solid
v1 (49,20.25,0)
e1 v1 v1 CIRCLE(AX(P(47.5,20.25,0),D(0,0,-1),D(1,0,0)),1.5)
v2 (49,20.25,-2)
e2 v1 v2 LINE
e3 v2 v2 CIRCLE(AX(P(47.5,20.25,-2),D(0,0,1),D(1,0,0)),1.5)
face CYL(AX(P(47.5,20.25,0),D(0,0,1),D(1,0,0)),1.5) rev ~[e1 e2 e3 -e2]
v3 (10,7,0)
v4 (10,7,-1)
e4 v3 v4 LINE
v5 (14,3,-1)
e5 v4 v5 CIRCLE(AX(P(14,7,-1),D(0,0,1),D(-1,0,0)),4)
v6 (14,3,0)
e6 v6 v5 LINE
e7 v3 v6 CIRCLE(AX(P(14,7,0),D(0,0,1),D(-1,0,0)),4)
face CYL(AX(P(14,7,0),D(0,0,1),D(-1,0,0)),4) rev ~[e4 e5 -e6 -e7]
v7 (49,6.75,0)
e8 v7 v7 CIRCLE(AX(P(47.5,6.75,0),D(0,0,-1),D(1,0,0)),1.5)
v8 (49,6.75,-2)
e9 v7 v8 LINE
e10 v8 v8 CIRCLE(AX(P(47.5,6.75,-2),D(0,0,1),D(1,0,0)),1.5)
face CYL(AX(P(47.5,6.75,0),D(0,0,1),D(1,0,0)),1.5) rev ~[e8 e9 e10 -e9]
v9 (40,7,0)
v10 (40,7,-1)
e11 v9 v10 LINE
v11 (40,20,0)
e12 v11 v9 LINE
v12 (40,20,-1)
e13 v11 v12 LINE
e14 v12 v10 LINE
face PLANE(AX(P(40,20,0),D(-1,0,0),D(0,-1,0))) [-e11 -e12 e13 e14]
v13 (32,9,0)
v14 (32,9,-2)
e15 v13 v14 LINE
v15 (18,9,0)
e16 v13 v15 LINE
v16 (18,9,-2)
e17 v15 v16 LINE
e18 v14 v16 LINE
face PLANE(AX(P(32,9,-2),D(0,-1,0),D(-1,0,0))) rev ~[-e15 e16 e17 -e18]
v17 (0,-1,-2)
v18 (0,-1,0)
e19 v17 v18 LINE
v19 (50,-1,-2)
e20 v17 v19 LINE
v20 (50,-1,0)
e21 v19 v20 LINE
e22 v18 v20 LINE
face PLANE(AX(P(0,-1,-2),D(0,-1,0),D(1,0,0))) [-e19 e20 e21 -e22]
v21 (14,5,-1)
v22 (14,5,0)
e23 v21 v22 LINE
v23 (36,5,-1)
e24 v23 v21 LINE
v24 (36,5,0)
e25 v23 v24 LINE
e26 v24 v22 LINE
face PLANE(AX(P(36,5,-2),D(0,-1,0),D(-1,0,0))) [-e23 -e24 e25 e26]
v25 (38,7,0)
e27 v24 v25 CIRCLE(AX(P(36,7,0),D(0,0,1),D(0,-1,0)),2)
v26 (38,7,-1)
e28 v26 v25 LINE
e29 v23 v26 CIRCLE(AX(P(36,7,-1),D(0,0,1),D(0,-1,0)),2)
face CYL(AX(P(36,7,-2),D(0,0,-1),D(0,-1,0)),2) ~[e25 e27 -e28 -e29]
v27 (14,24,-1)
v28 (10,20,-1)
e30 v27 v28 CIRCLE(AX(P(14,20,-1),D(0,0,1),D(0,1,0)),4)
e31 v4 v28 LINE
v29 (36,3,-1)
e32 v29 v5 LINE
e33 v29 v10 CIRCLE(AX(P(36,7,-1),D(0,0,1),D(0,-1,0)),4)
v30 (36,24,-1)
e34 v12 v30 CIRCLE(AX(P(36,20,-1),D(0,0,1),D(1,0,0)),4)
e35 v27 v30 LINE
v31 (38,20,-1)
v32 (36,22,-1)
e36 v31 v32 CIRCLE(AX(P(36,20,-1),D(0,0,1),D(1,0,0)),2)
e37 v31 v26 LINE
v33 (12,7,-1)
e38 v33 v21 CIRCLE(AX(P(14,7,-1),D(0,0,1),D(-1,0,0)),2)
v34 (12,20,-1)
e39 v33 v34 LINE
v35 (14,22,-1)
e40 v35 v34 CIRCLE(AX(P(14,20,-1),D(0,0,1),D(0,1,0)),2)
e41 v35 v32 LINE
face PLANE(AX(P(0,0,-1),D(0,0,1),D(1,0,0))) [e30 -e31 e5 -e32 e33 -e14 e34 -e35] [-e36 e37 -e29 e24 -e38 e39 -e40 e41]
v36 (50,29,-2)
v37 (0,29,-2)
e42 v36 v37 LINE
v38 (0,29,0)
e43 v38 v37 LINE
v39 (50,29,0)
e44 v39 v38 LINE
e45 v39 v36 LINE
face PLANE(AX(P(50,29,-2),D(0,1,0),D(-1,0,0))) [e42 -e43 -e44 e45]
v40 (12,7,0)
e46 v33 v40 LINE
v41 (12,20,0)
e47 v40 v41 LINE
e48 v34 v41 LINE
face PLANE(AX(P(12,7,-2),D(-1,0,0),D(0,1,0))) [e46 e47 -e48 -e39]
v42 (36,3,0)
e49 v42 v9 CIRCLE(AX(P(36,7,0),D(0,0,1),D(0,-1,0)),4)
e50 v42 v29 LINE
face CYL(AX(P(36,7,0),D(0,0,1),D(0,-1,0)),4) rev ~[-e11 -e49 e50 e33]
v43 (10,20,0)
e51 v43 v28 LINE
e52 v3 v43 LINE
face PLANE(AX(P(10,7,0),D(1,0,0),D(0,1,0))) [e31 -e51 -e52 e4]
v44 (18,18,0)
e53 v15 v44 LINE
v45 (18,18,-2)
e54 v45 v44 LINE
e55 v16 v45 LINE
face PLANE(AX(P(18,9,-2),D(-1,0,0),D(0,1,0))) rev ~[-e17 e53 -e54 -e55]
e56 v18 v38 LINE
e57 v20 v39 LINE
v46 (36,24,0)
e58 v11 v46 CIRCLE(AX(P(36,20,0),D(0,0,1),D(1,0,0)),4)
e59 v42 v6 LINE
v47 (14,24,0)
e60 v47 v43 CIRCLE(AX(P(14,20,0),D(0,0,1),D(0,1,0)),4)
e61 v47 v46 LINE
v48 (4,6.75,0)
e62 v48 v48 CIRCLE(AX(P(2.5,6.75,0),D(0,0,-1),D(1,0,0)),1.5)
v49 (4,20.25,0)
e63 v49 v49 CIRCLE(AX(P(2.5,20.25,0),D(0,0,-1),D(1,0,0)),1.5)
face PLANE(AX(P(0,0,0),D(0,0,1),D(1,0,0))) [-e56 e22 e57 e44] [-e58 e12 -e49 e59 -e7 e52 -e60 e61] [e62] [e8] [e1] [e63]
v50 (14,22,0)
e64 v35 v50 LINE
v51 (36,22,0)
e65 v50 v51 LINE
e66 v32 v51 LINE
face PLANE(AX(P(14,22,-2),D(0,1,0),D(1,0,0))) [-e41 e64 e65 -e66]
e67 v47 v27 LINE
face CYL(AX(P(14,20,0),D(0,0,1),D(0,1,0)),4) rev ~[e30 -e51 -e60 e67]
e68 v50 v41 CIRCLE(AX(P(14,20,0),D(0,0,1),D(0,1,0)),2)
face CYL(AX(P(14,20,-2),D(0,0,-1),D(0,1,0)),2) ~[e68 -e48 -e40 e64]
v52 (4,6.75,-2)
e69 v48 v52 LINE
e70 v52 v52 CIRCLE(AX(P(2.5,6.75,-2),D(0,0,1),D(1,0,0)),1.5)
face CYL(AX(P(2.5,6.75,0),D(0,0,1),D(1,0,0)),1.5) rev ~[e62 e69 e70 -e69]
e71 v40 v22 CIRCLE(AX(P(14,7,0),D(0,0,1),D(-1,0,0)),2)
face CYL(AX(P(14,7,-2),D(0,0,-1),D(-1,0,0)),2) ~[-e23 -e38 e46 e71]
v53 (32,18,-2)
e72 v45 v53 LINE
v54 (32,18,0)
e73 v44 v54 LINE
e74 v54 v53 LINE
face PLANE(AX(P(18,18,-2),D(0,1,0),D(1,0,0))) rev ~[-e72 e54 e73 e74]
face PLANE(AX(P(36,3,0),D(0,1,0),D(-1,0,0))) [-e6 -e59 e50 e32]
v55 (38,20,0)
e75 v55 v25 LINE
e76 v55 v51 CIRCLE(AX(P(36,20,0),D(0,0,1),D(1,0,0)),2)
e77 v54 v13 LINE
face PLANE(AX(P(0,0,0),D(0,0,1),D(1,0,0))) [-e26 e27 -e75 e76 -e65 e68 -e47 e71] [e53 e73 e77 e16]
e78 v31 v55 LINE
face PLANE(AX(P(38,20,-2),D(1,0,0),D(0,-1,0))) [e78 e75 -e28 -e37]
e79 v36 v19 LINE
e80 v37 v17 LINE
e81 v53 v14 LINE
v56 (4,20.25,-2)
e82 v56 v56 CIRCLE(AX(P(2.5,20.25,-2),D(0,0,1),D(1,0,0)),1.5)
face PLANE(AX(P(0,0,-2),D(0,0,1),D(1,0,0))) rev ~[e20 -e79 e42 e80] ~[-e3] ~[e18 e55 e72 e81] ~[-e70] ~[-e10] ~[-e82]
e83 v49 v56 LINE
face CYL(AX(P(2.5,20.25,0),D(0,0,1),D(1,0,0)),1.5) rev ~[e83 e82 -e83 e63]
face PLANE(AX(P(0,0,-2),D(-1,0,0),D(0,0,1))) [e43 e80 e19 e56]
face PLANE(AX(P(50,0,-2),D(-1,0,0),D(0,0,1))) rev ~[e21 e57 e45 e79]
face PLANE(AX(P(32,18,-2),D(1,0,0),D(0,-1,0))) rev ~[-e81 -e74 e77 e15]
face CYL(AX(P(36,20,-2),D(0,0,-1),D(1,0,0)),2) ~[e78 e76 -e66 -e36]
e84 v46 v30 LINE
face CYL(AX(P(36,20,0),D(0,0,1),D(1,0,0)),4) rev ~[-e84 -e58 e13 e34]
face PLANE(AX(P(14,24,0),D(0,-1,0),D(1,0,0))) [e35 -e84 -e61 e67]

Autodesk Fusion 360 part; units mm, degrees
sketch "Sketch1" plane through (0, 0, 0) normal (0, 0, 1) x (1, 0, 0)
  line L0 (0, 0) -> (50, 0)
  line L1 (50, 0) -> (50, 27)
  line L2 (50, 27) -> (0, 27)
  line L3 (0, 27) -> (0, 0)
  dimension "d1" = 27
  dimension "d2" = 50
extrude "Extrude1" add sketch "Sketch1" against normal blind 5
extrude "Extrude2" cut 1 faces at (16.6667, 18, -5) along direction (0, 0, 1) blind 3
sketch "Sketch3" plane through (0, 0, 0) normal (0, 0, 1) x (1, 0, 0)
  line L0 (0, 27) -> (0, 0)
  line L1 (0, 0) -> (50, 0)
  line L2 (50, 0) -> (50, 27)
  line L3 (50, 27) -> (0, 27)
  line L4 (10, 24) -> (40, 24)
  line L5 (40, 24) -> (40, 3)
  line L6 (40, 3) -> (10, 3)
  line L7 (10, 3) -> (10, 24)
  line L8 (36, 5) -> (14, 5)
  line L9 (12, 7) -> (12, 20)
  line L10 (14, 22) -> (36, 22)
  line L11 (38, 20) -> (38, 7)
  arc A0 (38, 20) -> (36, 22) centre (36, 20) ccw
  arc A1 (36, 5) -> (38, 7) centre (36, 7) ccw
  arc A2 (12, 7) -> (14, 5) centre (14, 7) ccw
  arc A3 (14, 22) -> (12, 20) centre (14, 20) ccw
  dimension "d10" = 21
  dimension "d11" = 3
  dimension "d12" = 30
  dimension "d13" = 10
  dimension "d22" = 2
extrude "Extrude3" add 1 faces at (16.6667, 18, -2) along direction (0, 0, -1) blind 1
extrude "Extrude4" cut sketch "Sketch3" against normal blind 2 contours L8 L9 L10 L11 A0 A1 A2 A3
sketch "Sketch5" plane through (0, 0, 0) normal (0, 0, 1) x (1, 0, 0)
  line L0 (14, 22) -> (36, 22)
  arc A0 (38, 20) -> (36, 22) centre (36, 20) ccw
  line L1 (38, 20) -> (38, 7)
  arc A1 (36, 5) -> (38, 7) centre (36, 7) ccw
  line L2 (36, 5) -> (14, 5)
  arc A2 (12, 7) -> (14, 5) centre (14, 7) ccw
  line L3 (12, 7) -> (12, 20)
  arc A3 (14, 22) -> (12, 20) centre (14, 20) ccw
  line L4 (0, 27) -> (0, 0)
  line L5 (0, 0) -> (50, 0)
  line L6 (50, 0) -> (50, 27)
  line L7 (50, 27) -> (0, 27)
  line L8 (14, 24) -> (36, 24)
  arc A4 (40, 20) -> (36, 24) centre (36, 20) ccw
  line L9 (40, 20) -> (40, 7)
  arc A5 (36, 3) -> (40, 7) centre (36, 7) ccw
  line L10 (36, 3) -> (14, 3)
  arc A6 (10, 7) -> (14, 3) centre (14, 7) ccw
  line L11 (10, 7) -> (10, 20)
  arc A7 (14, 24) -> (10, 20) centre (14, 20) ccw
  dimension "d23" = 2
extrude "Extrude5" cut sketch "Sketch5" against normal blind 1 contours L8 A4 L9 A5 L10 A6 L11 A7
sketch "Sketch6" plane through (0, 0, -2) normal (0, 0, 1) x (1, 0, 0)
  arc A0 (38, 20) -> (36, 22) centre (36, 20) ccw
  line L0 (36, 22) -> (14, 22)
  arc A1 (14, 22) -> (12, 20) centre (14, 20) ccw
  line L1 (12, 20) -> (12, 7)
  arc A2 (12, 7) -> (14, 5) centre (14, 7) ccw
  line L2 (14, 5) -> (36, 5)
  arc A3 (36, 5) -> (38, 7) centre (36, 7) ccw
  line L3 (38, 7) -> (38, 20)
  line L4 (18, 18) -> (32, 18)
  line L5 (32, 18) -> (32, 9)
  line L6 (32, 9) -> (18, 9)
  line L7 (18, 9) -> (18, 18)
  dimension "d28" = 4
  dimension "d29" = 4
  dimension "d30" = 9
  dimension "d31" = 6
  dimension "d32" = 6
extrude "Extrude6" cut sketch "Sketch6" against normal blind 10 contours L4 L5 L6 L7
sketch "Sketch7" plane through (0, 0, 0) normal (0, 0, 1) x (1, 0, 0)
  line L0 (14, 24) -> (36, 24)
  arc A0 (40, 20) -> (36, 24) centre (36, 20) ccw
  line L1 (40, 20) -> (40, 7)
  arc A1 (36, 3) -> (40, 7) centre (36, 7) ccw
  line L2 (36, 3) -> (14, 3)
  arc A2 (10, 7) -> (14, 3) centre (14, 7) ccw
  line L3 (10, 7) -> (10, 20)
  arc A3 (14, 24) -> (10, 20) centre (14, 20) ccw
  line L4 (0, 27) -> (0, 0)
  line L5 (0, 0) -> (50, 0)
  line L6 (50, 0) -> (50, 27)
  line L7 (50, 27) -> (0, 27)
  line L8 (0, 27) -> (5, 27)
  line L9 (5, 27) -> (5, 0)
  line L10 (5, 13.5) -> (0, 13.5)
  line L11 (2.5, 13.5) -> (2.5, 27)
  line L12 (2.5, 13.5) -> (2.5, 20.25)
  circle A4 centre (2.5, 20.25) radius 1.5
  line L13 (2.5, 13.5) -> (2.5, 6.75)
  circle A5 centre (2.5, 6.75) radius 1.5
  line L14 (50, 27) -> (45, 27)
  line L15 (45, 27) -> (45, 0)
  line L16 (45, 0) -> (50, 0)
  line L17 (50, 0) -> (50, 27)
  line L18 (45, 13.5) -> (50, 13.5)
  line L19 (47.5, 13.5) -> (47.5, 20.25)
  circle A6 centre (47.5, 20.25) radius 1.5
  line L20 (47.5, 13.5) -> (47.5, 6.75)
  circle A7 centre (47.5, 6.75) radius 1.5
  dimension "d35" = 3
  dimension "d36" = 6.75
  dimension "d37" = 3
  dimension "d40" = 6.75
  dimension "d41" = 3
  dimension "d42" = 6.75
  dimension "d43" = 3
extrude "Extrude7" cut sketch "Sketch7" against normal blind 10 contours A5 | L11 L12 A4 | L11 L12 A4
extrude "Extrude8" cut sketch "Sketch7" against normal blind 11 contours A5 | L11 L12 A4 | L11 L12 A4 | A6 | A7
extrude "Extrude9" add 1 faces at (36, 15, -2) along direction (0, 0, 1) blind 2
extrude "Extrude10" cut 1 faces at (22.6667, 24, -3) along direction (0, 0, 1) blind 1
extrude "Extrude11" add 1 faces at (33.3333, 27, -0.6667) along direction (0, 1, 0) blind 2
extrude "Extrude12" add 1 faces at (16.6667, 0, -0.6667) along direction (0, -1, 0) blind 1
